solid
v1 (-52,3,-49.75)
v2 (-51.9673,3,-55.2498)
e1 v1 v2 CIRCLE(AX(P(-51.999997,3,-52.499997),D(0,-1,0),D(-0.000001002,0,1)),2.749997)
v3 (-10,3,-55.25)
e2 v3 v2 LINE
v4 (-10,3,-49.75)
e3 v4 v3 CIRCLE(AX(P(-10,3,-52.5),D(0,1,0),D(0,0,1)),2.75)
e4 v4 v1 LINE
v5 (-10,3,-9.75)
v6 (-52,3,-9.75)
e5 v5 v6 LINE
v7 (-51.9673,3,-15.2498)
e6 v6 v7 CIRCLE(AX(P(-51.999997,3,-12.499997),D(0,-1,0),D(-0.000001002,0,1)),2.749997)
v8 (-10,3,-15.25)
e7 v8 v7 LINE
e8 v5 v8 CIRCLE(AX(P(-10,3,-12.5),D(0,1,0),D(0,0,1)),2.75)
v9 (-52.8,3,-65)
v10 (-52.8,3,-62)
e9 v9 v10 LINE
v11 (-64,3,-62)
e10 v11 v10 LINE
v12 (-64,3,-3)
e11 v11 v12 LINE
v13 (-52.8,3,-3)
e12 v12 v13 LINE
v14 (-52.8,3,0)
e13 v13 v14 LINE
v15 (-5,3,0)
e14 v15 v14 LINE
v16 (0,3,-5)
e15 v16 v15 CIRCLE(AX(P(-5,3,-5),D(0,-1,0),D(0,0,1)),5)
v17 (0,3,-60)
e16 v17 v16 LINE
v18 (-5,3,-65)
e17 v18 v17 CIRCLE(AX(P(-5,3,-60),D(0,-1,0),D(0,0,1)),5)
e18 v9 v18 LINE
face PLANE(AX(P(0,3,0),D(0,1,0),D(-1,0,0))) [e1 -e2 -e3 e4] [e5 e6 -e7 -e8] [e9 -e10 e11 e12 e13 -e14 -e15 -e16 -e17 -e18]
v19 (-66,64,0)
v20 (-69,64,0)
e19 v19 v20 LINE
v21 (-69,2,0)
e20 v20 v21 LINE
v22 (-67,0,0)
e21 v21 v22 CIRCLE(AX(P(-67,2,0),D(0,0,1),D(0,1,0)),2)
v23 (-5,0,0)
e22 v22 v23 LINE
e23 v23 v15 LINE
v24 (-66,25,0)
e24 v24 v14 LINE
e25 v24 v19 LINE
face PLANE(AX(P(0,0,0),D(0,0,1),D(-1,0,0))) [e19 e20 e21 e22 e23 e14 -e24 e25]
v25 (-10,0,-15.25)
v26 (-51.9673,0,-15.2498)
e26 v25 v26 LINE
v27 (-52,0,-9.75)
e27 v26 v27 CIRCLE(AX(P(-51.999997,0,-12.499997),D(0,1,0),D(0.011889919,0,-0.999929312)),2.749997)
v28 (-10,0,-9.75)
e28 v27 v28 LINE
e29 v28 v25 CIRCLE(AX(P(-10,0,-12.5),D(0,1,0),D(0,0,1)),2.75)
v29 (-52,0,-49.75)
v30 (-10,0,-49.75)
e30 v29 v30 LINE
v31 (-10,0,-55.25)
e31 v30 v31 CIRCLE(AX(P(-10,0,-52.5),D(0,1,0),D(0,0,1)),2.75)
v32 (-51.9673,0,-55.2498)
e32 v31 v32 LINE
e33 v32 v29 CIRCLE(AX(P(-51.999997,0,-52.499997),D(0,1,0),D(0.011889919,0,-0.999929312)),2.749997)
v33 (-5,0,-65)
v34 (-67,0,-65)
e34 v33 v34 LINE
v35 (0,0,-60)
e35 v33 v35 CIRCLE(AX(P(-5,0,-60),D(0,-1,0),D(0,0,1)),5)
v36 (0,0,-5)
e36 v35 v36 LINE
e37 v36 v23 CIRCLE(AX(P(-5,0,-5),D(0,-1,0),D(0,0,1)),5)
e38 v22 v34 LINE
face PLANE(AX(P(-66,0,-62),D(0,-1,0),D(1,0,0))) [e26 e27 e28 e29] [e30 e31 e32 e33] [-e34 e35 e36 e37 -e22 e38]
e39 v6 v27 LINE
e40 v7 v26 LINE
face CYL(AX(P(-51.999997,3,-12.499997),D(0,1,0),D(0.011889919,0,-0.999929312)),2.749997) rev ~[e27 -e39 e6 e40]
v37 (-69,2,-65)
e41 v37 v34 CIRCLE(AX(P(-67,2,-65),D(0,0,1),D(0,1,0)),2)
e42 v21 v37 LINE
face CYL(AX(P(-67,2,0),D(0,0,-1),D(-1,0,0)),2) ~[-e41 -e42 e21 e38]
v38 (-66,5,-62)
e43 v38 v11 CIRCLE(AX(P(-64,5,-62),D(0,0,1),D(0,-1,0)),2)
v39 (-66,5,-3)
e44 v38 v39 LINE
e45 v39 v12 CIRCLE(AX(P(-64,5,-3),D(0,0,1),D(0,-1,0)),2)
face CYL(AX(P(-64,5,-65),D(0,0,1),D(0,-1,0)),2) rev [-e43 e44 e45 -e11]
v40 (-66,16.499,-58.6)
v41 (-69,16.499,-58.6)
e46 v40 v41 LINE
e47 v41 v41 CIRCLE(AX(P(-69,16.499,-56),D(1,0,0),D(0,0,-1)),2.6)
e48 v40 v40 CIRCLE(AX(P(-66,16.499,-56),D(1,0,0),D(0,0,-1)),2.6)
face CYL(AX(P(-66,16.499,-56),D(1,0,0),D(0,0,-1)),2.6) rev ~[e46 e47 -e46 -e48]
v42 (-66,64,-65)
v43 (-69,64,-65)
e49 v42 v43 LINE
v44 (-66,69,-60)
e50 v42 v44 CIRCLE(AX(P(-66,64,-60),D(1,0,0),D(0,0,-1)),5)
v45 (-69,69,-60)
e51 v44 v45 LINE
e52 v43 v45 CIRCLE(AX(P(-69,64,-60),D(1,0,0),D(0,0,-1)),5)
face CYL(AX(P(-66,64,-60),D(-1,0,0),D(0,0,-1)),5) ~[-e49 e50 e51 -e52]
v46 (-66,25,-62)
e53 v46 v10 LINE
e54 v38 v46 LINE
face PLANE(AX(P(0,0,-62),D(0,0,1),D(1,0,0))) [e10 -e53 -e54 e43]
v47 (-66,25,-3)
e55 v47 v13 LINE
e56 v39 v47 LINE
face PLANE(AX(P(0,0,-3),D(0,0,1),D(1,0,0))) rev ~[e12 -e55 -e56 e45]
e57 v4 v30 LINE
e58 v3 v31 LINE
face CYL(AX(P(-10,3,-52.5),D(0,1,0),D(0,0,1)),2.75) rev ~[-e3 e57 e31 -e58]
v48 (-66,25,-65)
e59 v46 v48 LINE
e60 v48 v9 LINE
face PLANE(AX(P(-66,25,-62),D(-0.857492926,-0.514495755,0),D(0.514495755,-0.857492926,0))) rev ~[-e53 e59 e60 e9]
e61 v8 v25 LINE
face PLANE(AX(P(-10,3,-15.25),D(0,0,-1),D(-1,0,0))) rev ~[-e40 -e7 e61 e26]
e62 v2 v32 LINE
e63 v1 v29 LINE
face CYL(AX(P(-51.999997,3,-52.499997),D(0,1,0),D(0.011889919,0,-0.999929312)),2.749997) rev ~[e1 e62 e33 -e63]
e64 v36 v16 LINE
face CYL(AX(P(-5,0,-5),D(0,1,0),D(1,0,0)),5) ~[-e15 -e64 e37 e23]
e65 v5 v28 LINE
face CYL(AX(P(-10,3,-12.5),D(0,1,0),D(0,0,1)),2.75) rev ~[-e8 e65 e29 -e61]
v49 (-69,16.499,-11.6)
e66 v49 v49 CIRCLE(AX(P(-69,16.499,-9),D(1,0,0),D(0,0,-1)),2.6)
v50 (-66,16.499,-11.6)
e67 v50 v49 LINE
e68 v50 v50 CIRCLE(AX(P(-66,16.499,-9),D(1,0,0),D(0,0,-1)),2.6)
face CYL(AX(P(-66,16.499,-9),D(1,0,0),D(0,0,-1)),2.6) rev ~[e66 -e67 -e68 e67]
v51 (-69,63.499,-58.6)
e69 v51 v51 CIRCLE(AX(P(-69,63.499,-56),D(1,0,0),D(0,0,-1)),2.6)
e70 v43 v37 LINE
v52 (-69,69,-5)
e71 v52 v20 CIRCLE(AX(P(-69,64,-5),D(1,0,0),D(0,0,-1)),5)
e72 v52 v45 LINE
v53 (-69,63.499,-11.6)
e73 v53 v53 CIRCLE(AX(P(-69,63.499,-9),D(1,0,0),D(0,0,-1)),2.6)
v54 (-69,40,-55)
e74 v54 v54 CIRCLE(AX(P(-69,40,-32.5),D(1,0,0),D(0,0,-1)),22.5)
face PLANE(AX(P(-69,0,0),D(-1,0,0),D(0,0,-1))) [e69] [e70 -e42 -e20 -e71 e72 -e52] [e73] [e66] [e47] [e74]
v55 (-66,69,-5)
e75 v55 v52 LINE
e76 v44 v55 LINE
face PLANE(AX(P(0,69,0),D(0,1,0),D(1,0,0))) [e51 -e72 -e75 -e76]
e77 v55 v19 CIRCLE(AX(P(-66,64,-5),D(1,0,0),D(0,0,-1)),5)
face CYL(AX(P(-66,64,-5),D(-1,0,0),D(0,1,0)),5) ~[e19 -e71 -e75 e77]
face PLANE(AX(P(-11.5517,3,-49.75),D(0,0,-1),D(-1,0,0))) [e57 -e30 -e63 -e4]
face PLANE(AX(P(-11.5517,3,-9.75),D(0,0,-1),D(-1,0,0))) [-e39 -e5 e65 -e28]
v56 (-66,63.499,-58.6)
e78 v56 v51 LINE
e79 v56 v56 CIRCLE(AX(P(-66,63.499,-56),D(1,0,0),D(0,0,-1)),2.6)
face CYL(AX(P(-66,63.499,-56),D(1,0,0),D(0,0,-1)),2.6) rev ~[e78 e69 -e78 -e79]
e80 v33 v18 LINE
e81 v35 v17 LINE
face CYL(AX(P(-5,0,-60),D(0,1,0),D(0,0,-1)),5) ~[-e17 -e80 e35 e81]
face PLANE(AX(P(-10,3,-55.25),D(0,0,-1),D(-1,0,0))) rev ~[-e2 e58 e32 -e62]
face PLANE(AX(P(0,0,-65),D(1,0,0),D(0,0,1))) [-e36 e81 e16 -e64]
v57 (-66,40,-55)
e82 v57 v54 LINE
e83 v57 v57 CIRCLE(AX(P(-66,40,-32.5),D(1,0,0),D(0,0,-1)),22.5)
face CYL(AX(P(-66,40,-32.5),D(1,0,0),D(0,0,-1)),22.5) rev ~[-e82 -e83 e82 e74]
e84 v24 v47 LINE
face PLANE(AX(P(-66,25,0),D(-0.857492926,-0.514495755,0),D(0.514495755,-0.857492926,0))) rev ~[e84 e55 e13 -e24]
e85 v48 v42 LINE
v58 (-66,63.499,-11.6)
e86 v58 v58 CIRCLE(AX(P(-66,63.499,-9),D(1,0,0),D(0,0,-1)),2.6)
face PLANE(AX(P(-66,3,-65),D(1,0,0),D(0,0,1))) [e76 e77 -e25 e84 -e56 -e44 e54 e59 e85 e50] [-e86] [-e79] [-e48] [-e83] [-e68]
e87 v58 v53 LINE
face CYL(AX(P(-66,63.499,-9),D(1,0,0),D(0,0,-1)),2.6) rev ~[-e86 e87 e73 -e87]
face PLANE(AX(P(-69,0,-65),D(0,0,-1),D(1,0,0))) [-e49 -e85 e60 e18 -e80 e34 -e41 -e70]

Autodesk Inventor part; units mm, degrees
ref_plane "YZ Plane" through (0, 0, 0) normal (1, 0, 0) x (0, 1, 0)
ref_plane "XZ Plane" through (0, 0, 0) normal (0, 1, 0) x (-1, 0, 0)
ref_plane "XY Plane" through (0, 0, 0) normal (0, 0, 1) x (1, 0, 0)
sketch "Sketch1" plane through (0, 0, 0) normal (0, 1, 0) x (-1, 0, 0)
  line L0 (0, 0) -> (69, 0)
  line L1 (69, 0) -> (69, -65)
  line L2 (69, -65) -> (0, -65)
  line L3 (0, -65) -> (0, 0)
  dimension "d0" = 69
  dimension "d1" = 65
extrude "Extrusion1" add sketch "Sketch1" along normal blind 3
sketch "Sketch2" plane through (0, 3, 0) normal (0, 1, 0) x (1, 0, 0)
  line L0 (0, 65) -> (-69, 65) projected
  line L1 (-69, 65) -> (-66, 65)
  line L2 (-66, 65) -> (-66, 0)
  line L3 (-66, 0) -> (-69, 0)
  line L4 (-69, 0) -> (-69, 65)
  point P0 (0, 0)
  dimension "d4" = 3
  dimension "d5" = 65
extrude "Extrusion2" add sketch "Sketch2" along normal blind 66
fillet "Fillet1" radius 2 2 edges at (-66, 3, -32.5) (-69, 0, -32.5)
sketch "Sketch3" plane through (0, 0, 0) normal (0, 0, 1) x (1, 0, 0)
  line L0 (-67, 0) -> (0, 0) projected
  line L1 (-66, 0) -> (-51, 0) construction
  line L2 (-66, 5) -> (-66, 69) projected
  line L3 (-66, 5) -> (-66, 0)
  line L4 (-66, 5) -> (-61, 5) construction
  line L5 (-66, 0) -> (-51, 0)
  line L6 (-66, 0) -> (-66, 25)
  line L7 (-66, 25) -> (-51, 0)
  dimension "d12" = 5
  dimension "d13" = 90
  dimension "d14" = 15
  dimension "d15" = 90
  dimension "d16" = 25
extrude "Extrusion3" add sketch "Sketch3" against normal blind 3
pattern_linear "Rectangular Pattern1" count 2 spacing 62 along (0, 0, -1) of "Extrusion3"
sketch "Sketch4" plane through (-66, 69, 0) normal (1, 0, 0) x (0, 0, -1)
  circle A0 centre (32.5, -29) radius 22.5
  line L0 (0, 0) -> (65, 0) projected
  line L1 (0, -44) -> (0, 0) projected
  point P0 (0, -69)
  dimension "d22" = 45
  dimension "d23" = 29
  dimension "d24" = 32.5
extrude "Extrusion4" cut sketch "Sketch4" against normal blind 3
sketch "Sketch5" plane through (-66, 69, 0) normal (1, 0, 0) x (0, 0, -1)
  circle A0 centre (9, -5.501) radius 2.6
  line L0 (0, 0) -> (65, 0) projected
  line L1 (0, -44) -> (0, 0) projected
  circle A1 centre (56, -5.501) radius 2.6
  circle A2 centre (9, -52.501) radius 2.6
  circle A3 centre (56, -52.501) radius 2.6
  point P0 (0, -69)
  dimension "d27" = 5.2
  dimension "d28" = 5.501
  dimension "d29" = 9
  dimension "d32" = 47
  dimension "d35" = 47
extrude "Extrusion5" cut sketch "Sketch5" against normal blind 3
sketch "Sketch6" plane through (0, 3, 0) normal (0, 1, 0) x (1, 0, 0)
  line L0 (-52.8, 0) -> (0, 0) projected
  line L1 (0, 0) -> (0, 65) projected
  arc A0 (-51.9673, 15.2498) -> (-52, 9.75) centre (-52, 12.5) ccw
  line L2 (-69, 65) -> (-69, 0) projected
  line L3 (-11.5517, 12.5) -> (-9.4517, 12.5) construction
  line L4 (-11.5517, 9.75) -> (-52, 9.75)
  line L5 (-52, 12.5) -> (-10, 12.5) construction
  line L6 (-52, 9.75) -> (-10, 9.75)
  line L7 (-10, 15.25) -> (-52, 15.25)
  arc A1 (-52, 15.25) -> (-52, 9.75) centre (-52, 12.5) ccw
  arc A2 (-10, 9.75) -> (-10, 15.25) centre (-10, 12.5) ccw
  point P0 (-31, 12.5)
  dimension "d48" = 5.5
  dimension "d49" = 12.5
  dimension "d50" = 12.5
  dimension "d54" = 17
  dimension "d62" = 42
  dimension "d63" = 5.5
extrude "Extrusion6" cut sketch "Sketch6" against normal blind 3
pattern_linear "Rectangular Pattern2" count 2 spacing 40 along (0, 0, -1) of "Extrusion6"
fillet "Fillet2" radius 5 2 edges at (-67.5, 69, 0) (-67.5, 69, -65)
fillet "Fillet3" radius 5 2 edges at (0, 1.5, 0) (0, 1.5, -65)
properties part number "NEMA23_StepperonlineMount"
